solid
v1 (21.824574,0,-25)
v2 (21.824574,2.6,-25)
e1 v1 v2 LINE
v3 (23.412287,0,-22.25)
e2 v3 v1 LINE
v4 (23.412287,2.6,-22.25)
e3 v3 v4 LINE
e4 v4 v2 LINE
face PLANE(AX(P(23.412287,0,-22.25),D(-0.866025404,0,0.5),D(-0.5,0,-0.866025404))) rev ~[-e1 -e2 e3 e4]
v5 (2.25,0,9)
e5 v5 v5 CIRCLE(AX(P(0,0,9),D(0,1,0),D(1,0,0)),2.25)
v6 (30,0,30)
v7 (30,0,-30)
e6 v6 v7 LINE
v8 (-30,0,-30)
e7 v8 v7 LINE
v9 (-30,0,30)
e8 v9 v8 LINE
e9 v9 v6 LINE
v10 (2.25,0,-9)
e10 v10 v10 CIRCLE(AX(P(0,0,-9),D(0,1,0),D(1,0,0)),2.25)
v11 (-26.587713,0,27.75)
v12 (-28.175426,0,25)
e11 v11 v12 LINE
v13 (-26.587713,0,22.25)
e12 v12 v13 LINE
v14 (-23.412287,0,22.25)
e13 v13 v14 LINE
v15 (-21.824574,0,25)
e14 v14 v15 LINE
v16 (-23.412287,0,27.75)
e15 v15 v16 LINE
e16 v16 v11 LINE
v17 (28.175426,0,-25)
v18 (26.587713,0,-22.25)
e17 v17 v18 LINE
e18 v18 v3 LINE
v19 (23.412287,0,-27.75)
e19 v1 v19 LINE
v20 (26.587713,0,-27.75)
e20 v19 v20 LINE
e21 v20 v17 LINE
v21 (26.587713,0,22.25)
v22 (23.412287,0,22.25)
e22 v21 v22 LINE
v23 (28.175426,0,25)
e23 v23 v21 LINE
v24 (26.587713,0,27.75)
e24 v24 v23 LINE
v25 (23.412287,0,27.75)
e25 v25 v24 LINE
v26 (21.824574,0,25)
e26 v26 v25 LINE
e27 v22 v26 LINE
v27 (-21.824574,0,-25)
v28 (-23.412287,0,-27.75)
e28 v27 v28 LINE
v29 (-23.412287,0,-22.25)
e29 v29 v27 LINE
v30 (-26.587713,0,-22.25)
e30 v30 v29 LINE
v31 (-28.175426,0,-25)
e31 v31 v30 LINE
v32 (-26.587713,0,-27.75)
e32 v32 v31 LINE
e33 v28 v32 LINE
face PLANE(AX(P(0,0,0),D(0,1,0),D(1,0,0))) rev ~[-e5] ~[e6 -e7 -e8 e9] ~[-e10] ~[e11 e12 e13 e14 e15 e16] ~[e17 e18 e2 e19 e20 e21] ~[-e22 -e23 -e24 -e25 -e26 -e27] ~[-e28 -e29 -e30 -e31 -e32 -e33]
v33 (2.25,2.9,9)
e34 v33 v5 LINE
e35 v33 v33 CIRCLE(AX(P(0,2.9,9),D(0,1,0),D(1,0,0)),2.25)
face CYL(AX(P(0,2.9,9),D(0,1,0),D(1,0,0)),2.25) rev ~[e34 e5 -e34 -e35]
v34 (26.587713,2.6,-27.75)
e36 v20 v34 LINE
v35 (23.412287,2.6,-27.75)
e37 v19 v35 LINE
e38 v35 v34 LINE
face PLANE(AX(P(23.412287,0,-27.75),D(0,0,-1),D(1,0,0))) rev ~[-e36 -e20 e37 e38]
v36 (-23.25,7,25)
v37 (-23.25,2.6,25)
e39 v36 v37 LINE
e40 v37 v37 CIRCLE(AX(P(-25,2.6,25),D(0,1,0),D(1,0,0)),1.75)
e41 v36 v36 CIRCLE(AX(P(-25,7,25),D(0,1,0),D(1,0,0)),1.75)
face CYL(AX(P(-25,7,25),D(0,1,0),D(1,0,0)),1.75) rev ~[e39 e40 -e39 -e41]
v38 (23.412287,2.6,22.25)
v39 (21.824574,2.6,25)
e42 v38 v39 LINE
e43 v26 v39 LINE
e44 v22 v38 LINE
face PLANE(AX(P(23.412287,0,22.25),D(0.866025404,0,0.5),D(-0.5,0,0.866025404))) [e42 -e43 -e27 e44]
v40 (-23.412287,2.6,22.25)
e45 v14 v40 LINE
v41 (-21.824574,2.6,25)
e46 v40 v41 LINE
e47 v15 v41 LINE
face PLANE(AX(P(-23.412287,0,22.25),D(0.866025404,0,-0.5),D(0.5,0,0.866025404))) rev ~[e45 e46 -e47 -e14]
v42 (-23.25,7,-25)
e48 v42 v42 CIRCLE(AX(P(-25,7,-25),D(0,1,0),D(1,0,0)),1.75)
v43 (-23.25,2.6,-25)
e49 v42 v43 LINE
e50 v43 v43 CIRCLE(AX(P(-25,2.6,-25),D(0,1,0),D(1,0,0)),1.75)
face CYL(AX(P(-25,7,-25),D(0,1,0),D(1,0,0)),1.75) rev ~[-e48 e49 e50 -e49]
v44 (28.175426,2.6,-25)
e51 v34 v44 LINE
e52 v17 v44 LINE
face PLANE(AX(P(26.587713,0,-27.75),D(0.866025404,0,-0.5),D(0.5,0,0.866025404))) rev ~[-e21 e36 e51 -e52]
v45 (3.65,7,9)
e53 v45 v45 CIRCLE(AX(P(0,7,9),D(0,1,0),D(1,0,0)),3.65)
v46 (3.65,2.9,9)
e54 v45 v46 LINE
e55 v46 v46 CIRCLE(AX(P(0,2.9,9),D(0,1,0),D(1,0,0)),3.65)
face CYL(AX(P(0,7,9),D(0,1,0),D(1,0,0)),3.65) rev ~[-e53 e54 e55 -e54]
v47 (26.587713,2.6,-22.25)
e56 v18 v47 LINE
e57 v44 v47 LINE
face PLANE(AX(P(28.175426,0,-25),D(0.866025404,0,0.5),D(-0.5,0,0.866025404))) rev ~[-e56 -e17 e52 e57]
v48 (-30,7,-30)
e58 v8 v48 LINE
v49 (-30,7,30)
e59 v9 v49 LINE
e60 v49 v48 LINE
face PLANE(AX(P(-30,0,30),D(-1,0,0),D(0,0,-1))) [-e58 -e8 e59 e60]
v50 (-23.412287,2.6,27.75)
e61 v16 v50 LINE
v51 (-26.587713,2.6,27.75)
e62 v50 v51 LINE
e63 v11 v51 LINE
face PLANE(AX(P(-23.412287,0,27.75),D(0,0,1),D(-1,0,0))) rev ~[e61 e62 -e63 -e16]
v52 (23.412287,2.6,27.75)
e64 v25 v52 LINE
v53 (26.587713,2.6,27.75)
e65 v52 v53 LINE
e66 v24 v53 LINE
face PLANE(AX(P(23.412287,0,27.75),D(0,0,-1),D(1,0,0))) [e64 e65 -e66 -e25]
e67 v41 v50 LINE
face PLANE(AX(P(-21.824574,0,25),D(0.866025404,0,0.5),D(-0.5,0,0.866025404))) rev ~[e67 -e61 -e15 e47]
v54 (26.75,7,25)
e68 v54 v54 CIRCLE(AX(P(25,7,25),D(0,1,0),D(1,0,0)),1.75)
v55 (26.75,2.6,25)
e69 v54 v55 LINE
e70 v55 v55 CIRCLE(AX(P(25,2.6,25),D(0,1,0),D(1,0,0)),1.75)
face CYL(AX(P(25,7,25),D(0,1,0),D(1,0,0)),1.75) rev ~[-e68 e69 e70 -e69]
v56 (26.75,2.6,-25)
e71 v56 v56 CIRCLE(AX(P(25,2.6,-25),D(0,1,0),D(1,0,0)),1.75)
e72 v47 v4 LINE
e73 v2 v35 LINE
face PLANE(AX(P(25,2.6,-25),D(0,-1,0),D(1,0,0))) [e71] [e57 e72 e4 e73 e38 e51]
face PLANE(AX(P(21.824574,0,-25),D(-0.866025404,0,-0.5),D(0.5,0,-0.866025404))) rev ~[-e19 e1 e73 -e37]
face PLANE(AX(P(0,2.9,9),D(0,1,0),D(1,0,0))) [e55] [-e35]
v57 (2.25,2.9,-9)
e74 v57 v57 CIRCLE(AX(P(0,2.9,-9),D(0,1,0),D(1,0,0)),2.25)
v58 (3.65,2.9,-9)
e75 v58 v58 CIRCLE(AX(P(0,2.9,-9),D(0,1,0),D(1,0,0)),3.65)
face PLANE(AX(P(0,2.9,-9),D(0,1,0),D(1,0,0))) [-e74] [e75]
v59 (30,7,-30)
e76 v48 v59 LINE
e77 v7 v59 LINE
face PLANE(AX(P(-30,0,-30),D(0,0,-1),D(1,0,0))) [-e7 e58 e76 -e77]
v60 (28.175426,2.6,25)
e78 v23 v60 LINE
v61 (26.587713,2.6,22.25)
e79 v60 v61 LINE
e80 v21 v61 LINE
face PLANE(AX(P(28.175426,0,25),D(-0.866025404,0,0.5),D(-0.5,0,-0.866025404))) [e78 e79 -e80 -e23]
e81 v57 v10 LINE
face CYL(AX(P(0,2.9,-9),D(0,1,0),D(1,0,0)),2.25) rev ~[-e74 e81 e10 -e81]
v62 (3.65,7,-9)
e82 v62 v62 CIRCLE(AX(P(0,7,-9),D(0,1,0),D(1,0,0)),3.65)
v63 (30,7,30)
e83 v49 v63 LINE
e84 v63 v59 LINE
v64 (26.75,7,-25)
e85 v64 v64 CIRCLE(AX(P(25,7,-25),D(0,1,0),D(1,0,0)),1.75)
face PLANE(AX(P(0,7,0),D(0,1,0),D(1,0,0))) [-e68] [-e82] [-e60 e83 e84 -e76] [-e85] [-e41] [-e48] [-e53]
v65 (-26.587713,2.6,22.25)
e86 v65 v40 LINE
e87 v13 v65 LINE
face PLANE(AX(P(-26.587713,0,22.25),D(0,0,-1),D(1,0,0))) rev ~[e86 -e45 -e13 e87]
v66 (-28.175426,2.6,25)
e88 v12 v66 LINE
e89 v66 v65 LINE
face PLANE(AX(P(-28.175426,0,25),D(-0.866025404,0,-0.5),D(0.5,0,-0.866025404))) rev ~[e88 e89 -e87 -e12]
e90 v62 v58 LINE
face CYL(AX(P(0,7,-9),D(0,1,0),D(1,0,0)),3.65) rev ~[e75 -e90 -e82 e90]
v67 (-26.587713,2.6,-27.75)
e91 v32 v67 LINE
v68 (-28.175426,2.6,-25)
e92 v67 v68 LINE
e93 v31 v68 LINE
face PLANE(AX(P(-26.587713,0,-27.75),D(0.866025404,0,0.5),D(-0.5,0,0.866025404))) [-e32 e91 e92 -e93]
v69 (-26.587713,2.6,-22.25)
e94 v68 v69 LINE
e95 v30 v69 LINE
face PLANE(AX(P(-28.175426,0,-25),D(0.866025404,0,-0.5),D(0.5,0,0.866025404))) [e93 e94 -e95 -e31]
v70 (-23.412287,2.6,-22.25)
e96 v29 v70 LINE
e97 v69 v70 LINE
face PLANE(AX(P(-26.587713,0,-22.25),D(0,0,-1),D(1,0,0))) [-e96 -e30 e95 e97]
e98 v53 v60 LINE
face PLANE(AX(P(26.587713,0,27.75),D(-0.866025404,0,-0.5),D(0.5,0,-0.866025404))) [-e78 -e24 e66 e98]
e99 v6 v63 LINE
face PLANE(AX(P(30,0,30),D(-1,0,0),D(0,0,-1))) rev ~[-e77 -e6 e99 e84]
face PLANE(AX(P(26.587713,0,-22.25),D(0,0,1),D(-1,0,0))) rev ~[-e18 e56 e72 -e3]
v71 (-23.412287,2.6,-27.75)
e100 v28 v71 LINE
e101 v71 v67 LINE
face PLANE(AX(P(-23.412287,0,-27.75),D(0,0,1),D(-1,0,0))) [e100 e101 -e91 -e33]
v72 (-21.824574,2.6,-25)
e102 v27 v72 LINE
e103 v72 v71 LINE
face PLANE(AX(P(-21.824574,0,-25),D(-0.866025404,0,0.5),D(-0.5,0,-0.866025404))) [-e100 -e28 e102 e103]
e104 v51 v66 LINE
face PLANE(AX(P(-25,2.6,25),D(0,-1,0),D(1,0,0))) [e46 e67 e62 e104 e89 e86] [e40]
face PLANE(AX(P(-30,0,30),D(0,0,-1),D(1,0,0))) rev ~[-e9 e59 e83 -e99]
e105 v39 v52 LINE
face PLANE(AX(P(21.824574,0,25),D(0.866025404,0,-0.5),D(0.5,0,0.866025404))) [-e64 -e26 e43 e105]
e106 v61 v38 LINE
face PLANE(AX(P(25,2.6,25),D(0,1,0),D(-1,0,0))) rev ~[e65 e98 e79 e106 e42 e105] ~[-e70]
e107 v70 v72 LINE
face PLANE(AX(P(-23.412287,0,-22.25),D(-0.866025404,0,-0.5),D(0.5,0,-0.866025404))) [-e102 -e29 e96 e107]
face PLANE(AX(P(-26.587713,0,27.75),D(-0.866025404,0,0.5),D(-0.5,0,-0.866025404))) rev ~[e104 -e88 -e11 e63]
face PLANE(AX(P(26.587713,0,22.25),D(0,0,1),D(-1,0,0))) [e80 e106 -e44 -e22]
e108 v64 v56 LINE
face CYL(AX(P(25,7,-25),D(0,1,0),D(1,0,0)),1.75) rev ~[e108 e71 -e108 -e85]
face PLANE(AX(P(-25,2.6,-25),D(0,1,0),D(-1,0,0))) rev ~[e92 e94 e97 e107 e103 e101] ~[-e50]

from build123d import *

# Parameters (mm, degrees)
SKETCH_2_W          = 60
SKETCH_2_H          = 60
EXTRUDE_1_DEPTH     = 7
CUT_EXTRUDE_1_DEPTH = 2.6
CUT_EXTRUDE_2_REACH = 9
SKETCH_4_R          = 1.75
SKETCH_5_R          = 3.65
CUT_EXTRUDE_3_DEPTH = 4.1
CUT_EXTRUDE_4_REACH = 4.9
SKETCH_6_R          = 2.25


with BuildPart() as part:
    # 草圖2 → 填料-伸長1 (new body)
    with BuildSketch(Plane(origin=(0, 0, 0), x_dir=(1, 0, 0), z_dir=(0, 1, 0))):
        Rectangle(SKETCH_2_W, SKETCH_2_H)
    extrude(amount=EXTRUDE_1_DEPTH)

    # 草圖3 → 除料-伸長1 (cut)
    with BuildSketch(Plane.XZ):
        Polygon((-21.824573519, 25), (-23.41228676, 27.75), (-26.58771324, 27.75), (-28.175426481, 25), (-26.58771324, 22.25), (-23.41228676, 22.25), align=None)
        Polygon((23.41228676, 22.25), (21.824573519, 25), (23.41228676, 27.75), (26.58771324, 27.75), (28.175426481, 25), (26.58771324, 22.25), align=None)
        Polygon((21.824573519, -25), (23.41228676, -27.75), (26.58771324, -27.75), (28.175426481, -25), (26.58771324, -22.25), (23.41228676, -22.25), align=None)
        Polygon((-23.41228676, -22.25), (-21.824573519, -25), (-23.41228676, -27.75), (-26.58771324, -27.75), (-28.175426481, -25), (-26.58771324, -22.25), align=None)
    extrude(amount=-CUT_EXTRUDE_1_DEPTH, mode=Mode.SUBTRACT)

    # 草圖4 → 除料-伸長2 (cut, up to next)
    with BuildSketch(Plane(origin=(0, 7, 0), x_dir=(1, 0, 0), z_dir=(0, 1, 0)), mode=Mode.PRIVATE) as cut_extrude_2_sk1:
        with Locations((-25, 25)):
            Circle(SKETCH_4_R)
    cut_extrude_2_tool1 = extrude(cut_extrude_2_sk1.sketch, amount=-CUT_EXTRUDE_2_REACH, mode=Mode.PRIVATE) & part.part
    add(cut_extrude_2_tool1.solids().sort_by_distance((-25, 7, -25))[0], mode=Mode.SUBTRACT)
    # 草圖4 → 除料-伸長2 (cut, up to next)
    with BuildSketch(Plane(origin=(0, 7, 0), x_dir=(1, 0, 0), z_dir=(0, 1, 0)), mode=Mode.PRIVATE) as cut_extrude_2_sk2:
        with Locations((25, 25)):
            Circle(SKETCH_4_R)
    cut_extrude_2_tool2 = extrude(cut_extrude_2_sk2.sketch, amount=-CUT_EXTRUDE_2_REACH, mode=Mode.PRIVATE) & part.part
    add(cut_extrude_2_tool2.solids().sort_by_distance((25, 7, -25))[0], mode=Mode.SUBTRACT)
    # 草圖4 → 除料-伸長2 (cut, up to next)
    with BuildSketch(Plane(origin=(0, 7, 0), x_dir=(1, 0, 0), z_dir=(0, 1, 0)), mode=Mode.PRIVATE) as cut_extrude_2_sk3:
        with Locations((25, -25)):
            Circle(SKETCH_4_R)
    cut_extrude_2_tool3 = extrude(cut_extrude_2_sk3.sketch, amount=-CUT_EXTRUDE_2_REACH, mode=Mode.PRIVATE) & part.part
    add(cut_extrude_2_tool3.solids().sort_by_distance((25, 7, 25))[0], mode=Mode.SUBTRACT)
    # 草圖4 → 除料-伸長2 (cut, up to next)
    with BuildSketch(Plane(origin=(0, 7, 0), x_dir=(1, 0, 0), z_dir=(0, 1, 0)), mode=Mode.PRIVATE) as cut_extrude_2_sk4:
        with Locations((-25, -25)):
            Circle(SKETCH_4_R)
    cut_extrude_2_tool4 = extrude(cut_extrude_2_sk4.sketch, amount=-CUT_EXTRUDE_2_REACH, mode=Mode.PRIVATE) & part.part
    add(cut_extrude_2_tool4.solids().sort_by_distance((-25, 7, 25))[0], mode=Mode.SUBTRACT)

    # 草圖5 → 除料-伸長3 (cut)
    with BuildSketch(Plane(origin=(0, 7, 0), x_dir=(1, 0, 0), z_dir=(0, 1, 0))):
        with Locations((0, 9)):
            Circle(SKETCH_5_R)
        with Locations((0, -9)):
            Circle(SKETCH_5_R)
    extrude(amount=-CUT_EXTRUDE_3_DEPTH, mode=Mode.SUBTRACT)

    # 草圖6 → 除料-伸長4 (cut, up to next)
    with BuildSketch(Plane(origin=(0, 2.9, 0), x_dir=(1, 0, 0), z_dir=(0, 1, 0)), mode=Mode.PRIVATE) as cut_extrude_4_sk1:
        with Locations((0, 9)):
            Circle(SKETCH_6_R)
    cut_extrude_4_tool1 = extrude(cut_extrude_4_sk1.sketch, amount=-CUT_EXTRUDE_4_REACH, mode=Mode.PRIVATE) & part.part
    add(cut_extrude_4_tool1.solids().sort_by_distance((0, 2.9, -9))[0], mode=Mode.SUBTRACT)
    # 草圖6 → 除料-伸長4 (cut, up to next)
    with BuildSketch(Plane(origin=(0, 2.9, 0), x_dir=(1, 0, 0), z_dir=(0, 1, 0)), mode=Mode.PRIVATE) as cut_extrude_4_sk2:
        with Locations((0, -9)):
            Circle(SKETCH_6_R)
    cut_extrude_4_tool2 = extrude(cut_extrude_4_sk2.sketch, amount=-CUT_EXTRUDE_4_REACH, mode=Mode.PRIVATE) & part.part
    add(cut_extrude_4_tool2.solids().sort_by_distance((0, 2.9, 9))[0], mode=Mode.SUBTRACT)


solid = part.part
